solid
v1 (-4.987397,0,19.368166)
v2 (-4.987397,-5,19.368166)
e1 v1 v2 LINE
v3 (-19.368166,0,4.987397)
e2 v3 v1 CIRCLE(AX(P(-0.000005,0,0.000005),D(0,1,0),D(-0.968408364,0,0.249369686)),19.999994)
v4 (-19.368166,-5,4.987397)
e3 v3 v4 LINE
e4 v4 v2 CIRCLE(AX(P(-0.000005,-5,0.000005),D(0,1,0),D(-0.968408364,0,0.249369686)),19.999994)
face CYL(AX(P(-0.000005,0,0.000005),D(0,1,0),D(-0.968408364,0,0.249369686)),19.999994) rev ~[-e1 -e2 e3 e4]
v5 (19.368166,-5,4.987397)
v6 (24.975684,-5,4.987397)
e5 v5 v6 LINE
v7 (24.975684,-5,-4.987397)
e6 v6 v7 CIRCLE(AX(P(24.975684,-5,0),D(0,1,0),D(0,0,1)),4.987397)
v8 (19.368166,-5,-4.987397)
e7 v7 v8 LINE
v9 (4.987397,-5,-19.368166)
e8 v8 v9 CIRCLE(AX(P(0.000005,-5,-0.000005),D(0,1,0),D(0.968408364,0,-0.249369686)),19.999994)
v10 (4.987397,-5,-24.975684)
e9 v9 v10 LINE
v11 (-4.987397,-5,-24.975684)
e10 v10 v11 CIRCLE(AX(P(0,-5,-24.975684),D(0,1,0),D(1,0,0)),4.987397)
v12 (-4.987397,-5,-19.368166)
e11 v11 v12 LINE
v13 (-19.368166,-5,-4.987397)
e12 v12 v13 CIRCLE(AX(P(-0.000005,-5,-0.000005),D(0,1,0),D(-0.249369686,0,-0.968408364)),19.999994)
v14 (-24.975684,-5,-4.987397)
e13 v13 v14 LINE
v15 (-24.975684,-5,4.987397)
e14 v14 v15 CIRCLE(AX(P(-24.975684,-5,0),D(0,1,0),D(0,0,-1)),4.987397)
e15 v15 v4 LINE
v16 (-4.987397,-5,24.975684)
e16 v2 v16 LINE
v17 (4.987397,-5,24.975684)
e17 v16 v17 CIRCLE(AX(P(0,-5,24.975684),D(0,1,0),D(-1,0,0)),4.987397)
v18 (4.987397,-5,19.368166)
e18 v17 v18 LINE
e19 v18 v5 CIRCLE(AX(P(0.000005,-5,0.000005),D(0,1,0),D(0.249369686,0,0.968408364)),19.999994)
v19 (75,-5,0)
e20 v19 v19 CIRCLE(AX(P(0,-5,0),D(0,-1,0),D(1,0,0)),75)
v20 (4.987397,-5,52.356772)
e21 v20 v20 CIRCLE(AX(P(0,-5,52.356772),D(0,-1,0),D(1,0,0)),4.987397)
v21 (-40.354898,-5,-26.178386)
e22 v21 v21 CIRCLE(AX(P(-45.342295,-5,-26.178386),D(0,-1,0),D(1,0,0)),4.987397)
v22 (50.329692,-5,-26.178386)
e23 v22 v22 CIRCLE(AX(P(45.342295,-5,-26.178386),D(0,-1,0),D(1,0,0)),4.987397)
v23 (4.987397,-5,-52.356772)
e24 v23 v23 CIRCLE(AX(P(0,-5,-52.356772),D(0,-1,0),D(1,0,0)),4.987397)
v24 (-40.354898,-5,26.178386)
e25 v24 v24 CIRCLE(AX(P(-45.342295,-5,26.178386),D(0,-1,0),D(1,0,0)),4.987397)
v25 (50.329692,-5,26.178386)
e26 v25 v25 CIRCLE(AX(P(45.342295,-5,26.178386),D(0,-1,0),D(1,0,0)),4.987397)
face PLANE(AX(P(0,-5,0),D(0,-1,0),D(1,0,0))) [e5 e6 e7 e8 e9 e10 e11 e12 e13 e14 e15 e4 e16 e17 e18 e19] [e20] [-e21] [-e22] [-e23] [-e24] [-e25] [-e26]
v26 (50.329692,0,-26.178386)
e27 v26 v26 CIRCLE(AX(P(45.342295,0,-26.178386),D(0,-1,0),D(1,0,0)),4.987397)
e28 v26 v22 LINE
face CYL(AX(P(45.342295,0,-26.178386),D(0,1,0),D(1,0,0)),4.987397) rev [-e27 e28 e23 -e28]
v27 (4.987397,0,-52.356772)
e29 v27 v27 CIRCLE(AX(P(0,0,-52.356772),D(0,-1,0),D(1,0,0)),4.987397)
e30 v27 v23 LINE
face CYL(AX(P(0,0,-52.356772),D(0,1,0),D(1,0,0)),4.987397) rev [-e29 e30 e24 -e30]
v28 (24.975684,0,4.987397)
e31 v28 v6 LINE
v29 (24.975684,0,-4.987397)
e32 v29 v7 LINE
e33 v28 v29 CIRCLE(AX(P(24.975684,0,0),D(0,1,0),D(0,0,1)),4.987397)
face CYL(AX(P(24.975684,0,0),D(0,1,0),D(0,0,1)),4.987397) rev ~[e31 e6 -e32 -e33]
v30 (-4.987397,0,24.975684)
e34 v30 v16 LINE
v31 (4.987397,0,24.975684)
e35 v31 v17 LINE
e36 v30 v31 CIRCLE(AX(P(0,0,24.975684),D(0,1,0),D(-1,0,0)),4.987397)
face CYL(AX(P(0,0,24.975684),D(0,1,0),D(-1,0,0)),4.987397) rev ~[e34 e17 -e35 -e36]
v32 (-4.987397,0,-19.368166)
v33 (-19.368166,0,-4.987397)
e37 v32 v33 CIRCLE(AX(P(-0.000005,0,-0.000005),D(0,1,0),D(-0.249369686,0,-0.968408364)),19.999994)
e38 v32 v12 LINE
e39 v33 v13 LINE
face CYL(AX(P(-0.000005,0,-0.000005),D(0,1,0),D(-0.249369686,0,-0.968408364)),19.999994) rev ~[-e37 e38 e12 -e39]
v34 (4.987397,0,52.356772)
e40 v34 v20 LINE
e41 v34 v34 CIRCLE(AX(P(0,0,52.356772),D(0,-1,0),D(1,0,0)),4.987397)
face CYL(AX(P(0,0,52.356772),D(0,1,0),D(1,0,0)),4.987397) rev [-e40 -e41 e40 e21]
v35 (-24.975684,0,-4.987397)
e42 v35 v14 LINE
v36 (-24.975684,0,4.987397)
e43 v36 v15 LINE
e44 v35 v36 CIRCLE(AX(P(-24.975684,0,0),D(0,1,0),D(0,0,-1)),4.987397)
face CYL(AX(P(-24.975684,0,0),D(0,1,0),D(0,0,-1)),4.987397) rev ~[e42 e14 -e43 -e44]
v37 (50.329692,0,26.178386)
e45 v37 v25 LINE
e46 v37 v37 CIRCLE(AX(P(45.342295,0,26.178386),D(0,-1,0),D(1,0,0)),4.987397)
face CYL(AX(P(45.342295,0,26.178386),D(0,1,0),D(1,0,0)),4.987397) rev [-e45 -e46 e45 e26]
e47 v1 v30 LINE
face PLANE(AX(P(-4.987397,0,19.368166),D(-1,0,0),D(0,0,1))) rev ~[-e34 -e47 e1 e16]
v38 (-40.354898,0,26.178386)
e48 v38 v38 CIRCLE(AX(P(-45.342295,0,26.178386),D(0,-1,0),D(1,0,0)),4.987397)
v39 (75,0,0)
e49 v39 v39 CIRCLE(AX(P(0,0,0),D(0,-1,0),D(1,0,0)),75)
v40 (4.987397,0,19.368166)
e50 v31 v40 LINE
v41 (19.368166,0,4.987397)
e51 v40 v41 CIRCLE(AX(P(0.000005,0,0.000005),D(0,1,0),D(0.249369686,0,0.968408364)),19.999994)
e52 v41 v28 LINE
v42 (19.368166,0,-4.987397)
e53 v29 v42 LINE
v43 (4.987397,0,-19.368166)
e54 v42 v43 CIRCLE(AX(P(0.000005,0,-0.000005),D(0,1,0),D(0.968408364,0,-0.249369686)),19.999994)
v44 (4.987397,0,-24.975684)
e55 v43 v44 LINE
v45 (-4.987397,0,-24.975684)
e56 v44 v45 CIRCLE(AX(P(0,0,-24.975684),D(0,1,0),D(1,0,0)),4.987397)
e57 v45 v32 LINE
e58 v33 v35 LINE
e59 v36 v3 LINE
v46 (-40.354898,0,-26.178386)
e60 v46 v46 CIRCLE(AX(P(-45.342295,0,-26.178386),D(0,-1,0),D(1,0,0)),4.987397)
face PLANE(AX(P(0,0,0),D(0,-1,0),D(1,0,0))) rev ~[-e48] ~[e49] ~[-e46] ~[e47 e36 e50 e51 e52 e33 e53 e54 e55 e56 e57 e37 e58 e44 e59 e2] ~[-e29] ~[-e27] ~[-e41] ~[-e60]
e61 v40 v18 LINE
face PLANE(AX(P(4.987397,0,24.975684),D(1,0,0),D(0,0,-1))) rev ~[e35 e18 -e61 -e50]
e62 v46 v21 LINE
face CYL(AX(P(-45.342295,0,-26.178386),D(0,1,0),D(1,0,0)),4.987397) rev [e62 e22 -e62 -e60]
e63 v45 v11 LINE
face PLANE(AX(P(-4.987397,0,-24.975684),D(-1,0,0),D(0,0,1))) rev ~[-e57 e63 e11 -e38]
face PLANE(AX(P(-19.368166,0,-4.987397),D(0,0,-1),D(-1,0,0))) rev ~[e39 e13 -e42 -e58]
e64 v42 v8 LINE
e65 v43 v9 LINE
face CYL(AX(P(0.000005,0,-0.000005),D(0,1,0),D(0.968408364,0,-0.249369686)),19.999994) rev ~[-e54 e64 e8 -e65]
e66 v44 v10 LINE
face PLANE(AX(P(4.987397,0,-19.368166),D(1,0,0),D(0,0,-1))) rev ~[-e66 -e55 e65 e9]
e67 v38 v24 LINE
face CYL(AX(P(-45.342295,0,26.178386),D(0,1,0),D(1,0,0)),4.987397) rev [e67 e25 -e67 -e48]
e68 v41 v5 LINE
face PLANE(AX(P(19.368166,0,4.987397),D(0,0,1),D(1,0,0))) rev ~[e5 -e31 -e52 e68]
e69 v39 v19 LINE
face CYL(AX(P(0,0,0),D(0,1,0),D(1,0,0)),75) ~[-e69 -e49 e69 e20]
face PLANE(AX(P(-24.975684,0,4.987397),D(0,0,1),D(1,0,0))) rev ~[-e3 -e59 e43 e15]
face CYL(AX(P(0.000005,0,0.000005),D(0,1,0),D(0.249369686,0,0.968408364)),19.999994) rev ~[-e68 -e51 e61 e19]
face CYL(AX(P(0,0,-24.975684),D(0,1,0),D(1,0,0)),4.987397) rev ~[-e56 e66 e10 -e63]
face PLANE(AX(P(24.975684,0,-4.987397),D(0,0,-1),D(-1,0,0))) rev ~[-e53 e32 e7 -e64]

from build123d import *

# Parameters (mm, degrees)
F0_R     = 75
F0_R_2   = 4.987397
F1_DEPTH = 5


with BuildPart() as f1:
    # F0 (on Front) → F1 (new body)
    with BuildSketch(Plane.XZ):
        Circle(F0_R)
        with Locations((-45.342295, -26.178386)):
            Circle(F0_R_2, mode=Mode.SUBTRACT)
        with Locations((0, -52.356772)):
            Circle(F0_R_2, mode=Mode.SUBTRACT)
        with Locations((45.342295, -26.178386)):
            Circle(F0_R_2, mode=Mode.SUBTRACT)
        with Locations((-45.342295, 26.178386)):
            Circle(F0_R_2, mode=Mode.SUBTRACT)
        with BuildLine():
            ThreePointArc((-19.368166, 4.987397), (-14.142136, 14.142136), (-4.987397, 19.368166))
            Line((-4.987397, 19.368166), (-4.987397, 24.975684))
            ThreePointArc((-4.987397, 24.975684), (0, 29.963081), (4.987397, 24.975684))
            Line((4.987397, 24.975684), (4.987397, 19.368166))
            ThreePointArc((4.987397, 19.368166), (14.142136, 14.142136), (19.368166, 4.987397))
            Line((19.368166, 4.987397), (24.975684, 4.987397))
            ThreePointArc((24.975684, 4.987397), (29.963081, 0), (24.975684, -4.987397))
            Line((24.975684, -4.987397), (19.368166, -4.987397))
            ThreePointArc((19.368166, -4.987397), (14.142136, -14.142136), (4.987397, -19.368166))
            Line((4.987397, -19.368166), (4.987397, -24.975684))
            ThreePointArc((4.987397, -24.975684), (0, -29.963081), (-4.987397, -24.975684))
            Line((-4.987397, -24.975684), (-4.987397, -19.368166))
            ThreePointArc((-4.987397, -19.368166), (-14.142136, -14.142136), (-19.368166, -4.987397))
            Line((-19.368166, -4.987397), (-24.975684, -4.987397))
            ThreePointArc((-24.975684, -4.987397), (-29.963081, 0), (-24.975684, 4.987397))
            Line((-24.975684, 4.987397), (-19.368166, 4.987397))
        make_face(mode=Mode.SUBTRACT)
        with Locations((45.342295, 26.178386)):
            Circle(F0_R_2, mode=Mode.SUBTRACT)
        with Locations((0, 52.356772)):
            Circle(F0_R_2, mode=Mode.SUBTRACT)
    extrude(amount=F1_DEPTH)


solid = f1.part
